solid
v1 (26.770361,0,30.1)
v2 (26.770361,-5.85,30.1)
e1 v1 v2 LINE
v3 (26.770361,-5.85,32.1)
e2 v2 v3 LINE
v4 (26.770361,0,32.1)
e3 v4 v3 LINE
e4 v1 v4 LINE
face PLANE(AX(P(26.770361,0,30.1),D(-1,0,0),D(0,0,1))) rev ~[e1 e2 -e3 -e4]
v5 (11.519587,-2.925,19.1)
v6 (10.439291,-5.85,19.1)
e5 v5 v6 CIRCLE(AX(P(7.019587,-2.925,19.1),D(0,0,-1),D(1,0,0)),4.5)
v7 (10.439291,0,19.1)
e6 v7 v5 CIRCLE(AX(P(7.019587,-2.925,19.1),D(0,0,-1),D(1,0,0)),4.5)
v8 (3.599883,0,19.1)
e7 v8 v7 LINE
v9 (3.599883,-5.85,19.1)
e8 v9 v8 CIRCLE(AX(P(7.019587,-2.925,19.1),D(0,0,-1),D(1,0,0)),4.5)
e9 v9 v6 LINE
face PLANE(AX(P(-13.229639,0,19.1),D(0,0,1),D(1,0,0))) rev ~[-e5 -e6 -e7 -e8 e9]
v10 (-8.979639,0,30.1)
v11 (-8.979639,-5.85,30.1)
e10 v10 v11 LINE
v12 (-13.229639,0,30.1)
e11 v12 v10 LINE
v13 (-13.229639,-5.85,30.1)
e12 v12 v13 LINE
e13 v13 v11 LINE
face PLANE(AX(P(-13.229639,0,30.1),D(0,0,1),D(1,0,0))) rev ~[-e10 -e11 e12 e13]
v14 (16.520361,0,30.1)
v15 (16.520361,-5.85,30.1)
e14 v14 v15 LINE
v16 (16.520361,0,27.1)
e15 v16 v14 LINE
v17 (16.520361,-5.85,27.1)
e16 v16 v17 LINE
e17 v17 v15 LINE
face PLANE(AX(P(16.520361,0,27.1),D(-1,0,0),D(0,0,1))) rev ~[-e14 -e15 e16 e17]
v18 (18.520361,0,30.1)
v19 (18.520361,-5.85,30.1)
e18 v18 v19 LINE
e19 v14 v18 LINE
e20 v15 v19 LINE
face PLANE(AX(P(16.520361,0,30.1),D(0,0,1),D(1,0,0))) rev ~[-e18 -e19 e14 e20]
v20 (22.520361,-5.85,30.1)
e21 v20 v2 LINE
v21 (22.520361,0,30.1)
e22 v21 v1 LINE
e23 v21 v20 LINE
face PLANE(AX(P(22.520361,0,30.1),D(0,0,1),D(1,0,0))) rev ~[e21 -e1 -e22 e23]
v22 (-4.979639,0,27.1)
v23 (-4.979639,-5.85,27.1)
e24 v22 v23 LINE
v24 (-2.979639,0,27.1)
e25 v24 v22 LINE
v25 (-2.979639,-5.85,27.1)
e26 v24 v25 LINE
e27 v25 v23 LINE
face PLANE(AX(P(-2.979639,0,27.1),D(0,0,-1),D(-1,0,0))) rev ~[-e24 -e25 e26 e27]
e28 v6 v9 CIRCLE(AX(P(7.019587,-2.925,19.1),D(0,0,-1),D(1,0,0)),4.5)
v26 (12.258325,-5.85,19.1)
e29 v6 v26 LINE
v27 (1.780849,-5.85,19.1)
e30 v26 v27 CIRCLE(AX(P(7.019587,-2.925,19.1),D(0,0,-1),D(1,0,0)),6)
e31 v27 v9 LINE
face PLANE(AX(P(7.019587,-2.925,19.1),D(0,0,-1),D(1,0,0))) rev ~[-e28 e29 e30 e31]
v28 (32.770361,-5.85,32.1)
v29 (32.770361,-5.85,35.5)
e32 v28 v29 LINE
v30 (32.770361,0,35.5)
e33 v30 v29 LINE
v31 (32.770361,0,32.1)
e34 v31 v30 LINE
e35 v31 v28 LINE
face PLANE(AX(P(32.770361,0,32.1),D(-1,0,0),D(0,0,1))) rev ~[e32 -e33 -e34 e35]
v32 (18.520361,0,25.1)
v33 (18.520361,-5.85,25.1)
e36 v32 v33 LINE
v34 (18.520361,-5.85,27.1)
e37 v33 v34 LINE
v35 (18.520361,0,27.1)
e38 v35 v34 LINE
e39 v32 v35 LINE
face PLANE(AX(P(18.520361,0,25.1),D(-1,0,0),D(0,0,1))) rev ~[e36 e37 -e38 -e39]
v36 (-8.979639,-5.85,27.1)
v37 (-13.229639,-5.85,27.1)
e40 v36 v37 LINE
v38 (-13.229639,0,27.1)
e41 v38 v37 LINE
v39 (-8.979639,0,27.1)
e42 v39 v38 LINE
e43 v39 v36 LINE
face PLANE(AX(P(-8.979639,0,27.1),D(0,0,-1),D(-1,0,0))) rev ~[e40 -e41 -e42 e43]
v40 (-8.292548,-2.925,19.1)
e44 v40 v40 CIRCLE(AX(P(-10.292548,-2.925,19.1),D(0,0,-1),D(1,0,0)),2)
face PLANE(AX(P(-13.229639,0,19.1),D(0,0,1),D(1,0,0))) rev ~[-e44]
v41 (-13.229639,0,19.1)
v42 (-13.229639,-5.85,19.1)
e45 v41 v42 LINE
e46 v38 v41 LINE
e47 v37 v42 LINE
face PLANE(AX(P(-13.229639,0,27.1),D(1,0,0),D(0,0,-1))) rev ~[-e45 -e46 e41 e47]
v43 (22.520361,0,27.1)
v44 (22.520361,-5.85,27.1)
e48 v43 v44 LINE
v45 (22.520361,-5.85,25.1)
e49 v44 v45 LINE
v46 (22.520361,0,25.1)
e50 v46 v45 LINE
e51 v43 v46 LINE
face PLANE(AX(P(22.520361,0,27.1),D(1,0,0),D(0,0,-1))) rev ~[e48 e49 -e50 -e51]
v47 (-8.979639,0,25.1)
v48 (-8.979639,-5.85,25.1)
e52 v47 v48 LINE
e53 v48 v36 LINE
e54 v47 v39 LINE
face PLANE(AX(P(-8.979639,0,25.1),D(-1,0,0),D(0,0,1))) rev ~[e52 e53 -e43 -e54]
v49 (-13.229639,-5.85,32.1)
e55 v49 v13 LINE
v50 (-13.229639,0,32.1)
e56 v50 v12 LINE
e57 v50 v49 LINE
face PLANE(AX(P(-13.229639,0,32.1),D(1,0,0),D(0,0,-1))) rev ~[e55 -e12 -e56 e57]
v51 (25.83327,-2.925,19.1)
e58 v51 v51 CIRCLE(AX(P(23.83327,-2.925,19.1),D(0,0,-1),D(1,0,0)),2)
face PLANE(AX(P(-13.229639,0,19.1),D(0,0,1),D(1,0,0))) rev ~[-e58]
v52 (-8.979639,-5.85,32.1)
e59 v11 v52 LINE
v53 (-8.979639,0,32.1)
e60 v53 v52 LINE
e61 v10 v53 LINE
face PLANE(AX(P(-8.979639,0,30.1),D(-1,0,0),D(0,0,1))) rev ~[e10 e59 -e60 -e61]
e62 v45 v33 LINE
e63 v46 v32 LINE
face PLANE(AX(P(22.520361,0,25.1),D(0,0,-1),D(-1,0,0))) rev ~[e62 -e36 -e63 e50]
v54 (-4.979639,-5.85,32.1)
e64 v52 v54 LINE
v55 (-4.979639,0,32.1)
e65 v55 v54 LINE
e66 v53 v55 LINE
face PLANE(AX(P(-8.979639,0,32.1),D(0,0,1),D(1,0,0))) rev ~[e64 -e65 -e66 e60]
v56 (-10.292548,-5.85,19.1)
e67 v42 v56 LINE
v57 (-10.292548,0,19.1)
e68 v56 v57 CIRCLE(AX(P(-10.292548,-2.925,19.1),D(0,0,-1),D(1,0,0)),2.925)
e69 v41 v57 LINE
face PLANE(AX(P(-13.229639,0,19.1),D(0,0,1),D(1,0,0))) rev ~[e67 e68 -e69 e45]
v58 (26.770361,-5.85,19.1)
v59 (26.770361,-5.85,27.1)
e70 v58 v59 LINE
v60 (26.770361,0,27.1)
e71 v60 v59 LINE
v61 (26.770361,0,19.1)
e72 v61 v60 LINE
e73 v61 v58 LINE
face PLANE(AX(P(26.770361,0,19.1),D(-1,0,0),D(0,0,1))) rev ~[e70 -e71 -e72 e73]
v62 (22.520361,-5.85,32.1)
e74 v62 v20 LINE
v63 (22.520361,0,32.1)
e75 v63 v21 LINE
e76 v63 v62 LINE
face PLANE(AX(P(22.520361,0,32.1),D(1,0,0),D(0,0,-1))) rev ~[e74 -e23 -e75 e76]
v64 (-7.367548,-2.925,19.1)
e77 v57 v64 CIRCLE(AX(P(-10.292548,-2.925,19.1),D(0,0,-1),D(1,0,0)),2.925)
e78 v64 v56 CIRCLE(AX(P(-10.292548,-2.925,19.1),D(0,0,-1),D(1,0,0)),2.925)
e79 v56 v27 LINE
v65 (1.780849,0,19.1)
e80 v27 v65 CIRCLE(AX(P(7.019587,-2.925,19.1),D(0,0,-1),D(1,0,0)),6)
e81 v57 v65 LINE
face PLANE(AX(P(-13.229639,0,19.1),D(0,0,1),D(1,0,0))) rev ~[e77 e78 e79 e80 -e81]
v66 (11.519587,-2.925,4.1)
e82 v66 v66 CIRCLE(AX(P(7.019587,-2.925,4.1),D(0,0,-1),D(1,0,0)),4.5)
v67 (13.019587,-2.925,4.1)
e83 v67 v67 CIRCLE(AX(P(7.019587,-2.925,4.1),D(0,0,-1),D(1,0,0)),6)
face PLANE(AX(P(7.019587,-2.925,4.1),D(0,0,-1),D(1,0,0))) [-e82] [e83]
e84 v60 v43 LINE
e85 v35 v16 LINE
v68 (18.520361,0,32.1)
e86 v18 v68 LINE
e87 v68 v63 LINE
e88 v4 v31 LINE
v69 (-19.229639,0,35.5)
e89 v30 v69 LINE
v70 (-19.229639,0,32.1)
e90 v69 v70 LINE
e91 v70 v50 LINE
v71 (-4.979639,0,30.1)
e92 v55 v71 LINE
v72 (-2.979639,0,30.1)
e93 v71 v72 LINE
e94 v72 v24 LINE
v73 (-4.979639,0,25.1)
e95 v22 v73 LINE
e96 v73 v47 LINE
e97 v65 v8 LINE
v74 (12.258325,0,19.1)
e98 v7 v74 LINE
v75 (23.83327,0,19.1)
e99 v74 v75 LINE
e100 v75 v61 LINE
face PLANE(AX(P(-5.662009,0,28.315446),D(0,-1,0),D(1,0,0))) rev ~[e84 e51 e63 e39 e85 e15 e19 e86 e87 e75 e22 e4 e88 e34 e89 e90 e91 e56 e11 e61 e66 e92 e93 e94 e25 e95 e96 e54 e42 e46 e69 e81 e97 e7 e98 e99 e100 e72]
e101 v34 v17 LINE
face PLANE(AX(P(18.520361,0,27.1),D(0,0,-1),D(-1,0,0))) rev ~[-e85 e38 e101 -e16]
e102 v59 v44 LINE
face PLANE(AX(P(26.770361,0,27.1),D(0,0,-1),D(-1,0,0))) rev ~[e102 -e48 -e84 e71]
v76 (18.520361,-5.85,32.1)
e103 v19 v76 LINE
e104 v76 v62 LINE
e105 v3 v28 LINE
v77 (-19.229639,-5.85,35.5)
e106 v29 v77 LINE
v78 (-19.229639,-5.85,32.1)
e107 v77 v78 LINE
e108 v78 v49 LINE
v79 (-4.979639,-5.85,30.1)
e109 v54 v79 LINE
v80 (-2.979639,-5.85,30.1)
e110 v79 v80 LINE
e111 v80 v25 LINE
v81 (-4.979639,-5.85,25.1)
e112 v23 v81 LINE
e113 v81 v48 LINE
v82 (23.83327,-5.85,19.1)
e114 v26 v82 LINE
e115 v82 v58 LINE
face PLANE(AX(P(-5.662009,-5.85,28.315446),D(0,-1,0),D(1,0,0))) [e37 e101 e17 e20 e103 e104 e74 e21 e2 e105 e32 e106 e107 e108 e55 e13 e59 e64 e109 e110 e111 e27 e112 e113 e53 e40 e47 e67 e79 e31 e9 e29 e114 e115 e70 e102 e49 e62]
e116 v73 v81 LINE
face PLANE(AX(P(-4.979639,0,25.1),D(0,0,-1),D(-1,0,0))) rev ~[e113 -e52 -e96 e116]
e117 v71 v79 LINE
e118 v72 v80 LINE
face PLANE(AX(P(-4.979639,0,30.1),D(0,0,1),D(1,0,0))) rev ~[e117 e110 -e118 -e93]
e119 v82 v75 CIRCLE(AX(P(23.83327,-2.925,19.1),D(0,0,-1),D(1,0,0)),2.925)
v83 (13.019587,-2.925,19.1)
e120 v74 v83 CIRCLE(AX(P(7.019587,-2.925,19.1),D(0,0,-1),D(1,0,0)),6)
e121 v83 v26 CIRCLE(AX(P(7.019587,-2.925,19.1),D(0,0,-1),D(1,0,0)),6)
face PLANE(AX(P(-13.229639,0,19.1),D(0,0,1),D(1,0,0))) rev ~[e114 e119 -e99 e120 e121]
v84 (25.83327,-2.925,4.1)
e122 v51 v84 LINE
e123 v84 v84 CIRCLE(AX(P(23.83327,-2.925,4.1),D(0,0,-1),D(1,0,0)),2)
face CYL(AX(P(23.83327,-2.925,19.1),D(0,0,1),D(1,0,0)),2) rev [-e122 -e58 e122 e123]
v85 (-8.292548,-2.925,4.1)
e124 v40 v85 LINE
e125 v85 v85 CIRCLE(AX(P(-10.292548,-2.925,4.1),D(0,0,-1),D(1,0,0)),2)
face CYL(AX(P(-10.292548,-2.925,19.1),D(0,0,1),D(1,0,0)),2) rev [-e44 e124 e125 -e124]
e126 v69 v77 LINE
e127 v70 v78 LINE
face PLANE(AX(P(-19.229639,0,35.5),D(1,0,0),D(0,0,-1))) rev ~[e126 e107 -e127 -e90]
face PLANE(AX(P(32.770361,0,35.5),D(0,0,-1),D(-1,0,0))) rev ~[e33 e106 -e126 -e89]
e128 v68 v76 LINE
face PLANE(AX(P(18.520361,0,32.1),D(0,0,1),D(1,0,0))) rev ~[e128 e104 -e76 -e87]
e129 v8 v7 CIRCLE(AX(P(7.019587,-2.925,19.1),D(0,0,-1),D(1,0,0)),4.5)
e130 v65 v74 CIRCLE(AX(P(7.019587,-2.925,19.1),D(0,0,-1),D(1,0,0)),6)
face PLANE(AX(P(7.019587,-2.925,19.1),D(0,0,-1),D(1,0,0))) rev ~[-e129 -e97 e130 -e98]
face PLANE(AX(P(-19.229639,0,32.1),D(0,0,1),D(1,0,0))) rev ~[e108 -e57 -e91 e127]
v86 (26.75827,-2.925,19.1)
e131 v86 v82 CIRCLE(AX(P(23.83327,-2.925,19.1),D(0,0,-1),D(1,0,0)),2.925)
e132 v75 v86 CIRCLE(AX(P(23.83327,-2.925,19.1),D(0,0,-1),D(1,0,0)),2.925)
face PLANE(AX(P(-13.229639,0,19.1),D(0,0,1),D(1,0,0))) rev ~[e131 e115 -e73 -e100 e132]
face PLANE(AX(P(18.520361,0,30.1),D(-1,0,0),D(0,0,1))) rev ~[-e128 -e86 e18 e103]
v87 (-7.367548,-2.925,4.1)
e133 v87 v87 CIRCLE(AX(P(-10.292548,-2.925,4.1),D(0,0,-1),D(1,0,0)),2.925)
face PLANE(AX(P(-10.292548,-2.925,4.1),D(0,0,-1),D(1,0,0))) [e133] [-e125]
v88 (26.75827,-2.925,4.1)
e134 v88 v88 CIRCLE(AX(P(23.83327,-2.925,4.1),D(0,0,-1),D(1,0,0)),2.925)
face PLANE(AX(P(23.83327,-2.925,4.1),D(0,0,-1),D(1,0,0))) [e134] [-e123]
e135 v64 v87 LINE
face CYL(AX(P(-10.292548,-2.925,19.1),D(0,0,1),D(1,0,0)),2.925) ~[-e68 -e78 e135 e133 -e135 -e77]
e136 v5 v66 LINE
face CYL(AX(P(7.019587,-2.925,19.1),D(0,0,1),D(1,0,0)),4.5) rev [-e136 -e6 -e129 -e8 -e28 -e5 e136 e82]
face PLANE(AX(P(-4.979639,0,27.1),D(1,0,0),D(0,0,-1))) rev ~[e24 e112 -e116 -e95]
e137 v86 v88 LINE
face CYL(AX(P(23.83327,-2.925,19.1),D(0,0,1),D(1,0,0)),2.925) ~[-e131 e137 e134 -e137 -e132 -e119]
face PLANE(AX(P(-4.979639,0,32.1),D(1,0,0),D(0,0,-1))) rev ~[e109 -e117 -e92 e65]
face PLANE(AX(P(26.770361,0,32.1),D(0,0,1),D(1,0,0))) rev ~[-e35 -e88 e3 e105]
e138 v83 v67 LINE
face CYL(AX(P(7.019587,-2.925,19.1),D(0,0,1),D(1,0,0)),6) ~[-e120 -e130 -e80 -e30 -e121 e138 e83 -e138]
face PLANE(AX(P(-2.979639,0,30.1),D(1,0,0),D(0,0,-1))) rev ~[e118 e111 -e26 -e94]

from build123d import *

# Parameters (mm, degrees)
F1_DEPTH = 5.85
F2_R     = 2.925
F2_R_2   = 2
F2_R_3   = 6
F2_R_4   = 4.5
F3_DEPTH = 15


with BuildPart() as f1:
    # F0 (on Front) → F1 (new body)
    with BuildSketch(Plane.XZ):
        Polygon((6.770361, 35.5), (-19.229639, 35.5), (-19.229639, 32.1), (-13.229639, 32.1), (-13.229639, 30.1), (-8.979639, 30.1), (-8.979639, 32.1), (-4.979639, 32.1), (-4.979639, 30.1), (-2.979639, 30.1), (-2.979639, 27.1), (-4.979639, 27.1), (-4.979639, 25.1), (-8.979639, 25.1), (-8.979639, 27.1), (-13.229639, 27.1), (-13.229639, 19.1), (6.770361, 19.1), align=None)
        Polygon((32.770361, 35.5), (6.770361, 35.5), (6.770361, 19.1), (26.770361, 19.1), (26.770361, 27.1), (22.520361, 27.1), (22.520361, 25.1), (18.520361, 25.1), (18.520361, 27.1), (16.520361, 27.1), (16.520361, 30.1), (18.520361, 30.1), (18.520361, 32.1), (22.520361, 32.1), (22.520361, 30.1), (26.770361, 30.1), (26.770361, 32.1), (32.770361, 32.1), align=None)
    extrude(amount=F1_DEPTH)

    # F2 (on face) → F3 (join)
    with BuildSketch(Plane(origin=(0, 0, 19.1), x_dir=(1, 0, 0), z_dir=(0, 0, -1))):
        with Locations((-10.292548, 2.925)):
            Circle(F2_R)
        with Locations((-10.292548, 2.925)):
            Circle(F2_R_2, mode=Mode.SUBTRACT)
        with Locations((23.83327, 2.925)):
            Circle(F2_R)
        with Locations((23.83327, 2.925)):
            Circle(F2_R_2, mode=Mode.SUBTRACT)
        with Locations((7.019587, 2.925)):
            Circle(F2_R_3)
        with Locations((7.019587, 2.925)):
            Circle(F2_R_4, mode=Mode.SUBTRACT)
    extrude(amount=F3_DEPTH)


solid = f1.part
